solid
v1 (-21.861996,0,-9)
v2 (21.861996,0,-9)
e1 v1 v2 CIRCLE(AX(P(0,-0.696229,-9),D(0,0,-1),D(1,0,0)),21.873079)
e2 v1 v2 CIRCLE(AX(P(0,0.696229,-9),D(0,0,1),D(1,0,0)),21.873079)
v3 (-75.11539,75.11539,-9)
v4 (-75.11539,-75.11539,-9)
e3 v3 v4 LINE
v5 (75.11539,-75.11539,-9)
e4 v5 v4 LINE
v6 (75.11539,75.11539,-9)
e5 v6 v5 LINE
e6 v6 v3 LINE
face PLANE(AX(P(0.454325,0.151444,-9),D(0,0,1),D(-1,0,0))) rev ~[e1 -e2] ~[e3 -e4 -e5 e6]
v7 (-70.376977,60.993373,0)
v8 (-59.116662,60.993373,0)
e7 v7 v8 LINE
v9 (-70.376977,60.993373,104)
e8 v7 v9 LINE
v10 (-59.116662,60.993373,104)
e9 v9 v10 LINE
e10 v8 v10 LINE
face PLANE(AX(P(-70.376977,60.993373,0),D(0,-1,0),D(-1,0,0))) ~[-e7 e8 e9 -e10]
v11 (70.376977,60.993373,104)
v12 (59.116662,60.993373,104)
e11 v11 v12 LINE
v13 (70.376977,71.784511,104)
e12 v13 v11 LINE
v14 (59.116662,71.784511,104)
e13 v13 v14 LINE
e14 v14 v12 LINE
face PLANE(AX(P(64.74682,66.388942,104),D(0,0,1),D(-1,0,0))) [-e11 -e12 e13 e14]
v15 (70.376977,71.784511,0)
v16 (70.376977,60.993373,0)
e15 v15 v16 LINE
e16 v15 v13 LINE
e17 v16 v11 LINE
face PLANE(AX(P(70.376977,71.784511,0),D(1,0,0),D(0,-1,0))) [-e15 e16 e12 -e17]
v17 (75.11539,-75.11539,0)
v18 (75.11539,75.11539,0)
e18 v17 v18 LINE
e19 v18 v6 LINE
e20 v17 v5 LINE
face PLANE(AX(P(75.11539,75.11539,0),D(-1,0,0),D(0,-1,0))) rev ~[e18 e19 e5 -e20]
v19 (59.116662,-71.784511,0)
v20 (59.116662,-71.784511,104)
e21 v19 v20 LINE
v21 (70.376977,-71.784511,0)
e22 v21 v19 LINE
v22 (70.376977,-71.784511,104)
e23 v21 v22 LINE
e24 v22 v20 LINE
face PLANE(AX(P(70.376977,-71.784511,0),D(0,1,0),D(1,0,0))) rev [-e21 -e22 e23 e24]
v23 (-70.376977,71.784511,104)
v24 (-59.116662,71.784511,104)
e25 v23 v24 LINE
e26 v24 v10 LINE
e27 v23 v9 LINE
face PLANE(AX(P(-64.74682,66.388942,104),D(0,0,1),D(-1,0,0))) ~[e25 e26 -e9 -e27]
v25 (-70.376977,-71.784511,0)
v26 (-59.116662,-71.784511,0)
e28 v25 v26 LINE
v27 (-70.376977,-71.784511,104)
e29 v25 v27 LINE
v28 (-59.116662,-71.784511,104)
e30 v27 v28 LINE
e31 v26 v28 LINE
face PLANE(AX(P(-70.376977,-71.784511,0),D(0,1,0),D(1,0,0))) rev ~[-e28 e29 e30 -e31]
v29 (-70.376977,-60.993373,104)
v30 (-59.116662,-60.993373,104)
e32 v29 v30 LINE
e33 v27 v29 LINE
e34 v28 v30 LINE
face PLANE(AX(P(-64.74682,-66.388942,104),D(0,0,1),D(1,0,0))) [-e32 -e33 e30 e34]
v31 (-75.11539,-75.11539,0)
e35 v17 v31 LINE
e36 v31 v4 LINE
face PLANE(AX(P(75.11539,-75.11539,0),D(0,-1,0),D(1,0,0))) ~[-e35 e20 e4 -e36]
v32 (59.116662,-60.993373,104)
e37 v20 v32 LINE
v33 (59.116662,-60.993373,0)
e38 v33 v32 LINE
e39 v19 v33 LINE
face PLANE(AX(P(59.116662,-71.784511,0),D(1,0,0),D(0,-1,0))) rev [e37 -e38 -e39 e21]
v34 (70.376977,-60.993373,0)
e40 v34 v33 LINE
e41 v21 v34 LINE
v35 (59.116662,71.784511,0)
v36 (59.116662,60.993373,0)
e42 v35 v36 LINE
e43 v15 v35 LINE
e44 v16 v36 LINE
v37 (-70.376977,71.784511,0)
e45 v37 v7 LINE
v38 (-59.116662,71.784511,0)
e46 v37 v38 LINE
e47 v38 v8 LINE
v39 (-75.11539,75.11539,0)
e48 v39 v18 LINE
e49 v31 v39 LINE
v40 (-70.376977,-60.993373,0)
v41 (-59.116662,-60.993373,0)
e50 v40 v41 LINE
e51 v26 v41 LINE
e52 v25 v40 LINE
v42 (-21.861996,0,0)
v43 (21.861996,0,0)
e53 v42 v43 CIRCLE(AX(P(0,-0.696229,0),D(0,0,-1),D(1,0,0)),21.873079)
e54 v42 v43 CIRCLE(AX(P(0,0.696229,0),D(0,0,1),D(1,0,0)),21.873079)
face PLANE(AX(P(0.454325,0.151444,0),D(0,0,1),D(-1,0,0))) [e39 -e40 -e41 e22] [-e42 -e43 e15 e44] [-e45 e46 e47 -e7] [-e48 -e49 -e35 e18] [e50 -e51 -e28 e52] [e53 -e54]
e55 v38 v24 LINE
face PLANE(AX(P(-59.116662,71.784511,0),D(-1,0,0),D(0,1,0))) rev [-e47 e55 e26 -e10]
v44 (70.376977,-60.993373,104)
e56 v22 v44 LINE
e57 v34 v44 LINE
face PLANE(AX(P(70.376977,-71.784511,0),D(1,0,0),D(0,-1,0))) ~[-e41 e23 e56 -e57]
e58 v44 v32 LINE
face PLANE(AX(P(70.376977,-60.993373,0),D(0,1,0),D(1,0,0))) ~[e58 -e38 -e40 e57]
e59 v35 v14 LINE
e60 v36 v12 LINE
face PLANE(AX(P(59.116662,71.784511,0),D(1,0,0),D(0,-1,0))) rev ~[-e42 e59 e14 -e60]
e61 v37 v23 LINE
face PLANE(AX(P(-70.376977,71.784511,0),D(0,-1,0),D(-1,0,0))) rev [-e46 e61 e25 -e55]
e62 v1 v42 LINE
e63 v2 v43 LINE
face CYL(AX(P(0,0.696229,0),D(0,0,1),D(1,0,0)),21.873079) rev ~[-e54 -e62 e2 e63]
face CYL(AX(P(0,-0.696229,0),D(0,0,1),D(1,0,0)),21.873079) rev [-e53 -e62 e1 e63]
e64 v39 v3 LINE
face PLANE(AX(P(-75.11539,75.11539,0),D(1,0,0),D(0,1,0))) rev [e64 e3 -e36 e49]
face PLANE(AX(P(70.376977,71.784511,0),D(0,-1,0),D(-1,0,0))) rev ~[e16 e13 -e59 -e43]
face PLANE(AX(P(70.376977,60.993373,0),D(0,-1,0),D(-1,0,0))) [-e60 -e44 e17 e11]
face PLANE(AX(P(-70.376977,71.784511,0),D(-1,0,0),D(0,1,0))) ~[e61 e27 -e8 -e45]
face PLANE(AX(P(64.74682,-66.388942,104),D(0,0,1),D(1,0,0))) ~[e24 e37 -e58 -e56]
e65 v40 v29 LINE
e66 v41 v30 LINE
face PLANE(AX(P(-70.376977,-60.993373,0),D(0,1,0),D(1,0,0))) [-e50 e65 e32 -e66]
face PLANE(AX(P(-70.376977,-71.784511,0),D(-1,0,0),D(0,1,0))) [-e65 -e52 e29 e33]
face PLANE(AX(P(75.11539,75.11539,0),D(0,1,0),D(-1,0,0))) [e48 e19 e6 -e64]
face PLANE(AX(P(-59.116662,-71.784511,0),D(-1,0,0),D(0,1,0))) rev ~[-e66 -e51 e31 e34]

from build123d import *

# Parameters (mm, degrees)
F0_W     = 11.260315
F0_H     = 10.791138
F1_DEPTH = 104
F2_W     = 149.32213
F2_H     = 149.927892
F3_DEPTH = 9
F4_R     = 21.873079
F5_DEPTH = 9.001


with BuildPart() as f1:
    # F0 (on Top) → F1 (new body)
    with BuildSketch(Plane.XY):
        with Locations((-64.74682, -66.388942)):
            Rectangle(F0_W, F0_H)
    extrude(amount=F1_DEPTH)

    # F2 (on Top) → F3 (join)
    with BuildSketch(Plane.XY):
        with Locations((-0.454325, -0.151444)):
            Rectangle(F2_W, F2_H)
    extrude(amount=-F3_DEPTH)

    # F4 (on face) → F5 (cut, through all)
    with BuildSketch(Plane.XY):
        with Locations((0, 0.696229)):
            Circle(F4_R)
    extrude(amount=-F5_DEPTH, mode=Mode.SUBTRACT)

    # F6: F1 across plane


with BuildPart() as f1_1:
    add(f1.part)
    add(f1.part.mirror(Plane.XZ))

    # F7: F1 across plane


with BuildPart() as f1_2:
    add(f1_1.part)
    add(f1_1.part.mirror(Plane.YZ))


solid = f1_2.part
